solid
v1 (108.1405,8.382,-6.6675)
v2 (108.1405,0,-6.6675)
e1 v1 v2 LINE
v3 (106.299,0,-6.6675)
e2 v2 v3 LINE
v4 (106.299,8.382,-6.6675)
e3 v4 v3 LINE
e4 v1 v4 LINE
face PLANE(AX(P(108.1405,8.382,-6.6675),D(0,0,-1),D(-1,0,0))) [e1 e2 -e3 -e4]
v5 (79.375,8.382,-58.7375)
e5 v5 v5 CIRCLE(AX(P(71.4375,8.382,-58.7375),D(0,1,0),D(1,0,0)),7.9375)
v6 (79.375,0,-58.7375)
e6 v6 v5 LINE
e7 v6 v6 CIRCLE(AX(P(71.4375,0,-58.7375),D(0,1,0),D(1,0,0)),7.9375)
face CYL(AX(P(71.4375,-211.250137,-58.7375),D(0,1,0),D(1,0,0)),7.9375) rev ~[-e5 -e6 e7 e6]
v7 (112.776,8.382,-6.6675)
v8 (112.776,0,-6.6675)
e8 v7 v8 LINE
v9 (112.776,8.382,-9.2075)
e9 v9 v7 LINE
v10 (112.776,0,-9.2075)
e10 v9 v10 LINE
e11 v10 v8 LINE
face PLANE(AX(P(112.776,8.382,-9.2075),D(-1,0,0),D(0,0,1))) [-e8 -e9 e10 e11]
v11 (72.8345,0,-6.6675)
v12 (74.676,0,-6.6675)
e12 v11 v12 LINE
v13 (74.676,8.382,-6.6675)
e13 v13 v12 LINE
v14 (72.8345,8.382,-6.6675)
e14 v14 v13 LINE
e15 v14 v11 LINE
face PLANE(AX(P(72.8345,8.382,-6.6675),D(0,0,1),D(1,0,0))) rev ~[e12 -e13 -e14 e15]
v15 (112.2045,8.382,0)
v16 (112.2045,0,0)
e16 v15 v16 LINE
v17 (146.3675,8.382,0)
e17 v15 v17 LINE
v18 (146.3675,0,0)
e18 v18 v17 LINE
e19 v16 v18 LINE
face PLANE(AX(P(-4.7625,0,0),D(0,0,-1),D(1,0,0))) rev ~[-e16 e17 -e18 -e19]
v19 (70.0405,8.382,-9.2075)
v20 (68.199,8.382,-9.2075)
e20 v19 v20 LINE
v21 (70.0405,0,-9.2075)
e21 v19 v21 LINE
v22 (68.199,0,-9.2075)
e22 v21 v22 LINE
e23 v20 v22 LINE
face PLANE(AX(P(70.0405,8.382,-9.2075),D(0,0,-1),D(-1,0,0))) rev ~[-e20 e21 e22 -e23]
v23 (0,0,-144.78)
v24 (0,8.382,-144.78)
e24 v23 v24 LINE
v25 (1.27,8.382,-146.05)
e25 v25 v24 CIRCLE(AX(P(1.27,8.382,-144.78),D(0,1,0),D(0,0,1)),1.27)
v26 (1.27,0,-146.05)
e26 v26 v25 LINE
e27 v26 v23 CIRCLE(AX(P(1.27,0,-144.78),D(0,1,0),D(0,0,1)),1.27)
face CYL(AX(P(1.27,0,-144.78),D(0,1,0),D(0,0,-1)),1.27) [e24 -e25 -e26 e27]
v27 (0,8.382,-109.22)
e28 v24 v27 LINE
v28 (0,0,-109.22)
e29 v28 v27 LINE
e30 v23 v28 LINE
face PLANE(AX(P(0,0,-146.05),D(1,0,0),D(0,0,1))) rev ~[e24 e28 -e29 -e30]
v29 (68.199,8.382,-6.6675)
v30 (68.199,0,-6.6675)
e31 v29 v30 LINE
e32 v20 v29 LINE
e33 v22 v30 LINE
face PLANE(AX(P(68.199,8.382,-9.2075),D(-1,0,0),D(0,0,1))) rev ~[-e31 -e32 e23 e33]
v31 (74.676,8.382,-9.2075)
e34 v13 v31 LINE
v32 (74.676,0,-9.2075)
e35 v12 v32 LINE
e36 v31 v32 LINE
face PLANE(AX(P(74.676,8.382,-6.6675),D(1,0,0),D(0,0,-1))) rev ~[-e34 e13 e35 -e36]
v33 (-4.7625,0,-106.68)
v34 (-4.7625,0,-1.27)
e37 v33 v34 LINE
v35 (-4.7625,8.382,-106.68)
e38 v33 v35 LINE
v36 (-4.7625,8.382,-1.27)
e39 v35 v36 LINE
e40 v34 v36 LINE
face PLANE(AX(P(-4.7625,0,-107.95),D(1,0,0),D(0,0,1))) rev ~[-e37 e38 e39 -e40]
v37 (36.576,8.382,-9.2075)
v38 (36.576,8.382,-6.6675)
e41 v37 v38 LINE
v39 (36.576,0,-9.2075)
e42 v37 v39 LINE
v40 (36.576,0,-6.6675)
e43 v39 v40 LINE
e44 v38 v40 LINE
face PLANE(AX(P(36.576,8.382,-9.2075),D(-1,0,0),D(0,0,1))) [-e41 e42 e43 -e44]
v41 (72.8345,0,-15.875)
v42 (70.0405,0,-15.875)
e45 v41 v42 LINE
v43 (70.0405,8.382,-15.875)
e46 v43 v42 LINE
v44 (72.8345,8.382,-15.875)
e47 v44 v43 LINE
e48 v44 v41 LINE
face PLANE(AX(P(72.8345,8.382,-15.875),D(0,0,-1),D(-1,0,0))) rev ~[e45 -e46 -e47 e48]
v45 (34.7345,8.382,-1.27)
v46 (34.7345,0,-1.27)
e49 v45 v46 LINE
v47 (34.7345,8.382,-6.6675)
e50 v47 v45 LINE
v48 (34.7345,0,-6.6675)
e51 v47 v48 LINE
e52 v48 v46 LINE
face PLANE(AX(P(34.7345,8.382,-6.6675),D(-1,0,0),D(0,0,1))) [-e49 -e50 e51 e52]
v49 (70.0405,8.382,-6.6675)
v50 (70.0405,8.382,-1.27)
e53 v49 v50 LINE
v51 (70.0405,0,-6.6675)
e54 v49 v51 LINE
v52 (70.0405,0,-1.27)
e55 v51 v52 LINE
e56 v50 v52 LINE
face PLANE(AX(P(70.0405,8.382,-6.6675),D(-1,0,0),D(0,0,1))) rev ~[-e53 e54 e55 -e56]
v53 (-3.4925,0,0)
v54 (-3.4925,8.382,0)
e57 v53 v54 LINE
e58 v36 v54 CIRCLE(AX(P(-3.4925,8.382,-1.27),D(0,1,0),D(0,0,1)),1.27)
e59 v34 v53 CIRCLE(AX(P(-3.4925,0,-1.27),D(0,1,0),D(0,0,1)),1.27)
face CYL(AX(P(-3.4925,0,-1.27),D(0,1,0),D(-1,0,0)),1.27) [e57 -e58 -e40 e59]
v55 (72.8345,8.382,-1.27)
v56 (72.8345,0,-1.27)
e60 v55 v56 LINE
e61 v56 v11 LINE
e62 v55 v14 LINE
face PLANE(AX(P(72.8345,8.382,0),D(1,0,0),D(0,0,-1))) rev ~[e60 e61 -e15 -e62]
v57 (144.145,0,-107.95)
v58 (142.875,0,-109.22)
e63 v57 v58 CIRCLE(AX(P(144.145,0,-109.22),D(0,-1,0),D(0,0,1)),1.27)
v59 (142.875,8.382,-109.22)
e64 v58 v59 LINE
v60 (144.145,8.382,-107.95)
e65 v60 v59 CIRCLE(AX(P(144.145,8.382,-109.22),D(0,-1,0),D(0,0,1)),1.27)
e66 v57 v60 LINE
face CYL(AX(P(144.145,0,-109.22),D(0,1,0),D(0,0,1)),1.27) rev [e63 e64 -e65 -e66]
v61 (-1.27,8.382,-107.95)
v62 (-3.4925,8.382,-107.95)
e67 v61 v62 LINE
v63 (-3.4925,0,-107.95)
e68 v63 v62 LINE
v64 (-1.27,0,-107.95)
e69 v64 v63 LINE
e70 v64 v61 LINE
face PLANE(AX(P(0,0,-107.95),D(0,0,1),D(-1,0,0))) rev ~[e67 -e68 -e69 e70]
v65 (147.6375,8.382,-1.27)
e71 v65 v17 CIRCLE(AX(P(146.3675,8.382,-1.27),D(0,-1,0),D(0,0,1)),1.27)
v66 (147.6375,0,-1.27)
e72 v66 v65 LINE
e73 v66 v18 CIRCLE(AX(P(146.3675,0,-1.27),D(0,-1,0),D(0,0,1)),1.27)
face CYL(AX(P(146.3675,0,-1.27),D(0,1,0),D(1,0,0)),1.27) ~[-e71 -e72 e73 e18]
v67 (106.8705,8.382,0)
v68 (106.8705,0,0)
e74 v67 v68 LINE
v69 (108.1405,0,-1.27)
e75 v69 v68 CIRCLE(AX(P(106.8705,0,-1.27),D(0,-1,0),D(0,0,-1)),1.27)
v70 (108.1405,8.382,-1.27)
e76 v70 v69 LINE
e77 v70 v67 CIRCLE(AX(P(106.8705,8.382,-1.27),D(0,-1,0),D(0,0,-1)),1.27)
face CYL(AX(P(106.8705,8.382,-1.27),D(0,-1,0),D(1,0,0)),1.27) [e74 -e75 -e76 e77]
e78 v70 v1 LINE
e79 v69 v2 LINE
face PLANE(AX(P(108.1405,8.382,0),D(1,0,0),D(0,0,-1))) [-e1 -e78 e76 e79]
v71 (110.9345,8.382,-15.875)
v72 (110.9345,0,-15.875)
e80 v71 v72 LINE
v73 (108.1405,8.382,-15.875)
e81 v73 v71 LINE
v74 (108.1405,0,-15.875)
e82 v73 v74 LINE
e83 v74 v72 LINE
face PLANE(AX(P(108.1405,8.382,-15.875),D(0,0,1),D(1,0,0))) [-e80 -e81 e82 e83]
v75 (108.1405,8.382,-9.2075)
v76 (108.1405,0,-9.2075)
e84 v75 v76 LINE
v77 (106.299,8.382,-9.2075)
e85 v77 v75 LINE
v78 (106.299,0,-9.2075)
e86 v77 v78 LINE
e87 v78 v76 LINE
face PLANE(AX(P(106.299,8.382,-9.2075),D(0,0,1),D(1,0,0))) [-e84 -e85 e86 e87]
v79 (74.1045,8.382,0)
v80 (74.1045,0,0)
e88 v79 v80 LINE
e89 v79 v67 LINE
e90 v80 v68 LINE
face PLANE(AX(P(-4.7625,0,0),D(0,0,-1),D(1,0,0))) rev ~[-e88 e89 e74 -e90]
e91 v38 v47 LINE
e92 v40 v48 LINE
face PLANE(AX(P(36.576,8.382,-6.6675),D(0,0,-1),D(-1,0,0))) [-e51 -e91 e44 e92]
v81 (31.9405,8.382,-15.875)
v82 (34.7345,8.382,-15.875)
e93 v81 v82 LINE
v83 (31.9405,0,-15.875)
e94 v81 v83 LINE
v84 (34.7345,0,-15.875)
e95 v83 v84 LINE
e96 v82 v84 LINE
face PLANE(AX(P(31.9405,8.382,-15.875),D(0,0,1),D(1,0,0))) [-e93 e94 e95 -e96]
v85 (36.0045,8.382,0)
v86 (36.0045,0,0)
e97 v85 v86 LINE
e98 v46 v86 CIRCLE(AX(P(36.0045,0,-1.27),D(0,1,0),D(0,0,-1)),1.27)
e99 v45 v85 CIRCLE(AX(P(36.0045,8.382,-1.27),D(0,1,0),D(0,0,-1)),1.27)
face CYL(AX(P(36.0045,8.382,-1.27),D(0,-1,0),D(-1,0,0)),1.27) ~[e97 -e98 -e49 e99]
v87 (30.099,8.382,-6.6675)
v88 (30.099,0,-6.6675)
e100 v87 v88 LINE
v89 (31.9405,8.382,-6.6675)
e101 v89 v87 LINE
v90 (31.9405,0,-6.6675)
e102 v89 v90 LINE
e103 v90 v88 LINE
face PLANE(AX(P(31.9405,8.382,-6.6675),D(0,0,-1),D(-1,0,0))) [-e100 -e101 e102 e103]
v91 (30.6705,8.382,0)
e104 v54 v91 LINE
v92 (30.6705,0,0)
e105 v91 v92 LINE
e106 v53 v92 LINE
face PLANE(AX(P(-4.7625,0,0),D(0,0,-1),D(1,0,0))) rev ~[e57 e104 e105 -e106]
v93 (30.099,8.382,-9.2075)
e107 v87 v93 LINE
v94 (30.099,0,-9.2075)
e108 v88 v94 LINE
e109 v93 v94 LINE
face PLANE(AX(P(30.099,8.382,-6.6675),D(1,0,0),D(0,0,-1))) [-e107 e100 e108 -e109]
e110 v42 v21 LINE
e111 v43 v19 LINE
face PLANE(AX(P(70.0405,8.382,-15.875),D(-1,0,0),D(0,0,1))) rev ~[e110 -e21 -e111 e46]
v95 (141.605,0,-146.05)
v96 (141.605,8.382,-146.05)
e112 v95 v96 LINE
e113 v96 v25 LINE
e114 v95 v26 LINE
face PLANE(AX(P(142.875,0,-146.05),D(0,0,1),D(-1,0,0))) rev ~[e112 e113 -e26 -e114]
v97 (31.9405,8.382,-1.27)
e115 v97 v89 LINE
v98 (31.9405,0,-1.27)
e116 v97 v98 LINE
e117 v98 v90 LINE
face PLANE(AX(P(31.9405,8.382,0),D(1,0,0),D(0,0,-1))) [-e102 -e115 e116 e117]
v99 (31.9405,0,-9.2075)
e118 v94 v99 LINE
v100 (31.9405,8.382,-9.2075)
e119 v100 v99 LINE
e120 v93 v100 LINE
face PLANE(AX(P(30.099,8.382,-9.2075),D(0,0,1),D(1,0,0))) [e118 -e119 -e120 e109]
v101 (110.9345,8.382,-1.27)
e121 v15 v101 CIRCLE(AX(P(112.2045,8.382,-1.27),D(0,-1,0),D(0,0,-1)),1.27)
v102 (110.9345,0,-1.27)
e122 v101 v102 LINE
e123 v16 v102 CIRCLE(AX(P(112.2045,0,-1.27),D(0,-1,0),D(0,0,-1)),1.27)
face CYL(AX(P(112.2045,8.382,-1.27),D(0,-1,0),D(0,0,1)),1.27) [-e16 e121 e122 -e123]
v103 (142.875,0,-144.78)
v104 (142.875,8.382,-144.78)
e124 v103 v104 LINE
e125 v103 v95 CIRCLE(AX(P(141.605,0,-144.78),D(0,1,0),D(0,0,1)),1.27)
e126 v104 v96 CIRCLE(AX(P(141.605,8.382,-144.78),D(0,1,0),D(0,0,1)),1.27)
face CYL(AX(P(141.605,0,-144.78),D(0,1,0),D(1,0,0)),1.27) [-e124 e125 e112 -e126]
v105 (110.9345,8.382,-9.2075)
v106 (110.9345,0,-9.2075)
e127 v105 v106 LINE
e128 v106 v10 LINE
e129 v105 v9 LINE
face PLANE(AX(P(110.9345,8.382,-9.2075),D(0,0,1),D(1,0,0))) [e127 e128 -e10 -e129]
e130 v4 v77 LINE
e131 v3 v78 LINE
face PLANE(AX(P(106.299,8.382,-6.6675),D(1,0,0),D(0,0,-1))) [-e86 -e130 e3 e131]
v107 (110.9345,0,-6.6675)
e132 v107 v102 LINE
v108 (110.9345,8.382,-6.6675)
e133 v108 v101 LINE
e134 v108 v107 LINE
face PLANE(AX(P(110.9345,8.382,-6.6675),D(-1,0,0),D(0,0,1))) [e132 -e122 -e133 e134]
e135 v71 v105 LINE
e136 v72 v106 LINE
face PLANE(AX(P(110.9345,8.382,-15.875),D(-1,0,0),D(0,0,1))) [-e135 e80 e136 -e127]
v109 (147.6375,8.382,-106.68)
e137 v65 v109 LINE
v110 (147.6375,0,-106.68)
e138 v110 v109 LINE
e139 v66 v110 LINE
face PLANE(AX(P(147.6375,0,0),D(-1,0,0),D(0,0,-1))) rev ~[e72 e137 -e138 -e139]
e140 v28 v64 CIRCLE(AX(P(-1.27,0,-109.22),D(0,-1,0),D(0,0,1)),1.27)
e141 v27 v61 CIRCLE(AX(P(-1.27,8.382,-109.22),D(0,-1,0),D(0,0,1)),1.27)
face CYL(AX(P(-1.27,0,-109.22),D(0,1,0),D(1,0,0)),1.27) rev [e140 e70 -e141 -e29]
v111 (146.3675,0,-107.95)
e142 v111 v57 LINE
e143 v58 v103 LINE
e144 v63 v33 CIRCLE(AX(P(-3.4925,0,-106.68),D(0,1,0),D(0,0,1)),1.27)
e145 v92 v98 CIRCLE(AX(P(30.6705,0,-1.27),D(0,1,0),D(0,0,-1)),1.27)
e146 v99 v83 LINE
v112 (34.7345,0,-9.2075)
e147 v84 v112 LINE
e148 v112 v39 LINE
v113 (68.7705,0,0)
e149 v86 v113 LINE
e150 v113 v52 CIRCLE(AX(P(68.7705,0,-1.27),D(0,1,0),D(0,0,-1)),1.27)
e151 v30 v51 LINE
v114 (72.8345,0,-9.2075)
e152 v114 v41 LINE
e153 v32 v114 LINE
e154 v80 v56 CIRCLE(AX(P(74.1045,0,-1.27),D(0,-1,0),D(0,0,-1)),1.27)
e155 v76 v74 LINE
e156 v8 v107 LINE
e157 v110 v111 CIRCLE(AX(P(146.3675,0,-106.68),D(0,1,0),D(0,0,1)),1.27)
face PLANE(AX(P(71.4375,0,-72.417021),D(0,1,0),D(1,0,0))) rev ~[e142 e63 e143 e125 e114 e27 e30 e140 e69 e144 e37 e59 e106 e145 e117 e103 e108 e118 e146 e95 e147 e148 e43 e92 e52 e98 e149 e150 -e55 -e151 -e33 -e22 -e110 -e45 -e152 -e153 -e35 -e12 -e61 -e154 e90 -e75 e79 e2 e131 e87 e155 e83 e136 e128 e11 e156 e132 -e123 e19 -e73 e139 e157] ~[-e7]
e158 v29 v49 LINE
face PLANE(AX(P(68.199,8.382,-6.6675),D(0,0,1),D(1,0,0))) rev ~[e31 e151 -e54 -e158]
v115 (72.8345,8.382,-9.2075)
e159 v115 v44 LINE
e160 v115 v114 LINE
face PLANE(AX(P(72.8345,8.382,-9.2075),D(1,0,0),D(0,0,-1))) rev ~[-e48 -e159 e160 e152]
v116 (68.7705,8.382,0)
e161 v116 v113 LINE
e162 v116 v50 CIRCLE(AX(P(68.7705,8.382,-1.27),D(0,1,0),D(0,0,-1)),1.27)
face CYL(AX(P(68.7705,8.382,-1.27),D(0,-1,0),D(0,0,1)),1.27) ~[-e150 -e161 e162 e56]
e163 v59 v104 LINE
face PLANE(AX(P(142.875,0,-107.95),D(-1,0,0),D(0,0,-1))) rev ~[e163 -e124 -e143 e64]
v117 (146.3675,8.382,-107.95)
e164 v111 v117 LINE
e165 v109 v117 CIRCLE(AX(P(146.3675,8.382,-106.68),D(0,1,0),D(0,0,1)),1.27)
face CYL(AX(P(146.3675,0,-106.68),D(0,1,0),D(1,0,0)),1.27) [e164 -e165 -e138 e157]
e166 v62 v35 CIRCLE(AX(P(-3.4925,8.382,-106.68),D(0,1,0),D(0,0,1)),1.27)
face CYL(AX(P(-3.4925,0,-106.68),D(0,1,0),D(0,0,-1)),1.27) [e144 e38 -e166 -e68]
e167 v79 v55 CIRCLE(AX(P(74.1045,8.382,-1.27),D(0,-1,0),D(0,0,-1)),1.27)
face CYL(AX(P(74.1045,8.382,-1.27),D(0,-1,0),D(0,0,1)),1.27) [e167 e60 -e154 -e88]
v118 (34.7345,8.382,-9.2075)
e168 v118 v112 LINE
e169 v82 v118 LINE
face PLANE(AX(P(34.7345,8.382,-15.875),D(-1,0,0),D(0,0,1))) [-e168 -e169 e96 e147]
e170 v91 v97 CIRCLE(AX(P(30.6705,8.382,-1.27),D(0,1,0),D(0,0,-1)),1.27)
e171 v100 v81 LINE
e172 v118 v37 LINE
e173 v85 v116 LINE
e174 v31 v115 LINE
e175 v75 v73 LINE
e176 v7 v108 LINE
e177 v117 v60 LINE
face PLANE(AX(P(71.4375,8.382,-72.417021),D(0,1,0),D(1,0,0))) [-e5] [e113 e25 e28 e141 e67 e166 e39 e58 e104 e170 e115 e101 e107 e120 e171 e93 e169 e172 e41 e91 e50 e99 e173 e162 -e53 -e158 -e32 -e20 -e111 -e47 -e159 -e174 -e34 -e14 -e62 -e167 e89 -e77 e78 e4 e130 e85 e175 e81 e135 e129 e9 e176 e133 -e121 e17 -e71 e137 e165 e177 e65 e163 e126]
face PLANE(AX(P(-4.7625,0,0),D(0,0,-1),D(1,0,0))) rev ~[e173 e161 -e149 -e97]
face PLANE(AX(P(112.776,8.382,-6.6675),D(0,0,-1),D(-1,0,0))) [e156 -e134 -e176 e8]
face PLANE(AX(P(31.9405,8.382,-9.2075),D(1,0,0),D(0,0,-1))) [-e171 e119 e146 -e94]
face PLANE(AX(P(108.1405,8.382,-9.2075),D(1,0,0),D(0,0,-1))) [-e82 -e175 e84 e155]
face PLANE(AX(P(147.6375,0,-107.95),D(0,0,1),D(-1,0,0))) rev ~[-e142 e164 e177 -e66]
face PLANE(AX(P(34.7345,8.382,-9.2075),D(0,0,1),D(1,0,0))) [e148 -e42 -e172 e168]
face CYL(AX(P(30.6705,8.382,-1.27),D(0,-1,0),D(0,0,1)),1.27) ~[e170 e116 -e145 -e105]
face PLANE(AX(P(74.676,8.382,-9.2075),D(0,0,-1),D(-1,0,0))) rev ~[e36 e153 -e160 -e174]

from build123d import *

# Parameters (mm, degrees)
BOSS_EXTRUDE1_DEPTH          = 8.382
CUT_EXTRUDE2_DEPTH           = 208.840544241
F_5_8_0_625_DIAMETER_HOLE1_D = 15.875
FILLET1_R                    = 1.27


with BuildPart() as part:
    # Sketch1 → Boss-Extrude1 (new body)
    with BuildSketch(Plane(origin=(0, 0, 0), x_dir=(1, 0, 0), z_dir=(0, 1, 0))):
        Polygon((0, 0), (142.875, 0), (147.6375, 0), (147.6375, 107.95), (142.875, 107.95), (142.875, 146.05), (0, 146.05), (0, 107.95), (-4.7625, 107.95), (-4.7625, 0), align=None)
    extrude(amount=BOSS_EXTRUDE1_DEPTH)

    # Sketch10 → Cut-Extrude2 (cut, through all)
    with BuildSketch(Plane(origin=(0, 8.382, 0), x_dir=(1, 0, 0), z_dir=(0, 1, 0))):
        Polygon((70.0405, 9.2075), (68.199, 9.2075), (68.199, 6.6675), (70.0405, 6.6675), (70.0405, 0), (72.8345, 0), (72.8345, 6.6675), (74.676, 6.6675), (74.676, 9.2075), (72.8345, 9.2075), (72.8345, 15.875), (70.0405, 15.875), align=None)
        Polygon((108.1405, 15.875), (110.9345, 15.875), (110.9345, 9.2075), (112.776, 9.2075), (112.776, 6.6675), (110.9345, 6.6675), (110.9345, 0), (108.1405, 0), (108.1405, 6.6675), (106.299, 6.6675), (106.299, 9.2075), (108.1405, 9.2075), align=None)
        Polygon((34.7345, 15.875), (34.7345, 9.2075), (36.576, 9.2075), (36.576, 6.6675), (34.7345, 6.6675), (34.7345, 0), (31.9405, 0), (31.9405, 6.6675), (30.099, 6.6675), (30.099, 9.2075), (31.9405, 9.2075), (31.9405, 15.875), align=None)
    extrude(amount=-CUT_EXTRUDE2_DEPTH, mode=Mode.SUBTRACT)

    # 5/8 (0.625) Diameter Hole1 (through all)
    with Locations(Plane(origin=(0, 0, 0), x_dir=(-1, 0, 0), z_dir=(0, -1, 0))):
        with Locations((-71.4375, 58.7375)):
            Hole(F_5_8_0_625_DIAMETER_HOLE1_D / 2)

    # Fillet1
    fillet1_edges = [part.edges().sort_by_distance(p)[0] for p in [
        (34.7345, 4.191, 0),
        (31.9405, 4.191, 0),
        (-4.7625, 4.191, 0),
        (-4.7625, 4.191, -107.95),
        (0, 4.191, -107.95),
        (0, 4.191, -146.05),
        (142.875, 4.191, -146.05),
        (142.875, 4.191, -107.95),
        (147.6375, 4.191, -107.95),
        (147.6375, 4.191, 0),
        (72.8345, 4.191, 0),
        (70.0405, 4.191, 0),
        (110.9345, 4.191, 0),
        (108.1405, 4.191, 0),
    ]]
    fillet(fillet1_edges, radius=FILLET1_R)


solid = part.part
